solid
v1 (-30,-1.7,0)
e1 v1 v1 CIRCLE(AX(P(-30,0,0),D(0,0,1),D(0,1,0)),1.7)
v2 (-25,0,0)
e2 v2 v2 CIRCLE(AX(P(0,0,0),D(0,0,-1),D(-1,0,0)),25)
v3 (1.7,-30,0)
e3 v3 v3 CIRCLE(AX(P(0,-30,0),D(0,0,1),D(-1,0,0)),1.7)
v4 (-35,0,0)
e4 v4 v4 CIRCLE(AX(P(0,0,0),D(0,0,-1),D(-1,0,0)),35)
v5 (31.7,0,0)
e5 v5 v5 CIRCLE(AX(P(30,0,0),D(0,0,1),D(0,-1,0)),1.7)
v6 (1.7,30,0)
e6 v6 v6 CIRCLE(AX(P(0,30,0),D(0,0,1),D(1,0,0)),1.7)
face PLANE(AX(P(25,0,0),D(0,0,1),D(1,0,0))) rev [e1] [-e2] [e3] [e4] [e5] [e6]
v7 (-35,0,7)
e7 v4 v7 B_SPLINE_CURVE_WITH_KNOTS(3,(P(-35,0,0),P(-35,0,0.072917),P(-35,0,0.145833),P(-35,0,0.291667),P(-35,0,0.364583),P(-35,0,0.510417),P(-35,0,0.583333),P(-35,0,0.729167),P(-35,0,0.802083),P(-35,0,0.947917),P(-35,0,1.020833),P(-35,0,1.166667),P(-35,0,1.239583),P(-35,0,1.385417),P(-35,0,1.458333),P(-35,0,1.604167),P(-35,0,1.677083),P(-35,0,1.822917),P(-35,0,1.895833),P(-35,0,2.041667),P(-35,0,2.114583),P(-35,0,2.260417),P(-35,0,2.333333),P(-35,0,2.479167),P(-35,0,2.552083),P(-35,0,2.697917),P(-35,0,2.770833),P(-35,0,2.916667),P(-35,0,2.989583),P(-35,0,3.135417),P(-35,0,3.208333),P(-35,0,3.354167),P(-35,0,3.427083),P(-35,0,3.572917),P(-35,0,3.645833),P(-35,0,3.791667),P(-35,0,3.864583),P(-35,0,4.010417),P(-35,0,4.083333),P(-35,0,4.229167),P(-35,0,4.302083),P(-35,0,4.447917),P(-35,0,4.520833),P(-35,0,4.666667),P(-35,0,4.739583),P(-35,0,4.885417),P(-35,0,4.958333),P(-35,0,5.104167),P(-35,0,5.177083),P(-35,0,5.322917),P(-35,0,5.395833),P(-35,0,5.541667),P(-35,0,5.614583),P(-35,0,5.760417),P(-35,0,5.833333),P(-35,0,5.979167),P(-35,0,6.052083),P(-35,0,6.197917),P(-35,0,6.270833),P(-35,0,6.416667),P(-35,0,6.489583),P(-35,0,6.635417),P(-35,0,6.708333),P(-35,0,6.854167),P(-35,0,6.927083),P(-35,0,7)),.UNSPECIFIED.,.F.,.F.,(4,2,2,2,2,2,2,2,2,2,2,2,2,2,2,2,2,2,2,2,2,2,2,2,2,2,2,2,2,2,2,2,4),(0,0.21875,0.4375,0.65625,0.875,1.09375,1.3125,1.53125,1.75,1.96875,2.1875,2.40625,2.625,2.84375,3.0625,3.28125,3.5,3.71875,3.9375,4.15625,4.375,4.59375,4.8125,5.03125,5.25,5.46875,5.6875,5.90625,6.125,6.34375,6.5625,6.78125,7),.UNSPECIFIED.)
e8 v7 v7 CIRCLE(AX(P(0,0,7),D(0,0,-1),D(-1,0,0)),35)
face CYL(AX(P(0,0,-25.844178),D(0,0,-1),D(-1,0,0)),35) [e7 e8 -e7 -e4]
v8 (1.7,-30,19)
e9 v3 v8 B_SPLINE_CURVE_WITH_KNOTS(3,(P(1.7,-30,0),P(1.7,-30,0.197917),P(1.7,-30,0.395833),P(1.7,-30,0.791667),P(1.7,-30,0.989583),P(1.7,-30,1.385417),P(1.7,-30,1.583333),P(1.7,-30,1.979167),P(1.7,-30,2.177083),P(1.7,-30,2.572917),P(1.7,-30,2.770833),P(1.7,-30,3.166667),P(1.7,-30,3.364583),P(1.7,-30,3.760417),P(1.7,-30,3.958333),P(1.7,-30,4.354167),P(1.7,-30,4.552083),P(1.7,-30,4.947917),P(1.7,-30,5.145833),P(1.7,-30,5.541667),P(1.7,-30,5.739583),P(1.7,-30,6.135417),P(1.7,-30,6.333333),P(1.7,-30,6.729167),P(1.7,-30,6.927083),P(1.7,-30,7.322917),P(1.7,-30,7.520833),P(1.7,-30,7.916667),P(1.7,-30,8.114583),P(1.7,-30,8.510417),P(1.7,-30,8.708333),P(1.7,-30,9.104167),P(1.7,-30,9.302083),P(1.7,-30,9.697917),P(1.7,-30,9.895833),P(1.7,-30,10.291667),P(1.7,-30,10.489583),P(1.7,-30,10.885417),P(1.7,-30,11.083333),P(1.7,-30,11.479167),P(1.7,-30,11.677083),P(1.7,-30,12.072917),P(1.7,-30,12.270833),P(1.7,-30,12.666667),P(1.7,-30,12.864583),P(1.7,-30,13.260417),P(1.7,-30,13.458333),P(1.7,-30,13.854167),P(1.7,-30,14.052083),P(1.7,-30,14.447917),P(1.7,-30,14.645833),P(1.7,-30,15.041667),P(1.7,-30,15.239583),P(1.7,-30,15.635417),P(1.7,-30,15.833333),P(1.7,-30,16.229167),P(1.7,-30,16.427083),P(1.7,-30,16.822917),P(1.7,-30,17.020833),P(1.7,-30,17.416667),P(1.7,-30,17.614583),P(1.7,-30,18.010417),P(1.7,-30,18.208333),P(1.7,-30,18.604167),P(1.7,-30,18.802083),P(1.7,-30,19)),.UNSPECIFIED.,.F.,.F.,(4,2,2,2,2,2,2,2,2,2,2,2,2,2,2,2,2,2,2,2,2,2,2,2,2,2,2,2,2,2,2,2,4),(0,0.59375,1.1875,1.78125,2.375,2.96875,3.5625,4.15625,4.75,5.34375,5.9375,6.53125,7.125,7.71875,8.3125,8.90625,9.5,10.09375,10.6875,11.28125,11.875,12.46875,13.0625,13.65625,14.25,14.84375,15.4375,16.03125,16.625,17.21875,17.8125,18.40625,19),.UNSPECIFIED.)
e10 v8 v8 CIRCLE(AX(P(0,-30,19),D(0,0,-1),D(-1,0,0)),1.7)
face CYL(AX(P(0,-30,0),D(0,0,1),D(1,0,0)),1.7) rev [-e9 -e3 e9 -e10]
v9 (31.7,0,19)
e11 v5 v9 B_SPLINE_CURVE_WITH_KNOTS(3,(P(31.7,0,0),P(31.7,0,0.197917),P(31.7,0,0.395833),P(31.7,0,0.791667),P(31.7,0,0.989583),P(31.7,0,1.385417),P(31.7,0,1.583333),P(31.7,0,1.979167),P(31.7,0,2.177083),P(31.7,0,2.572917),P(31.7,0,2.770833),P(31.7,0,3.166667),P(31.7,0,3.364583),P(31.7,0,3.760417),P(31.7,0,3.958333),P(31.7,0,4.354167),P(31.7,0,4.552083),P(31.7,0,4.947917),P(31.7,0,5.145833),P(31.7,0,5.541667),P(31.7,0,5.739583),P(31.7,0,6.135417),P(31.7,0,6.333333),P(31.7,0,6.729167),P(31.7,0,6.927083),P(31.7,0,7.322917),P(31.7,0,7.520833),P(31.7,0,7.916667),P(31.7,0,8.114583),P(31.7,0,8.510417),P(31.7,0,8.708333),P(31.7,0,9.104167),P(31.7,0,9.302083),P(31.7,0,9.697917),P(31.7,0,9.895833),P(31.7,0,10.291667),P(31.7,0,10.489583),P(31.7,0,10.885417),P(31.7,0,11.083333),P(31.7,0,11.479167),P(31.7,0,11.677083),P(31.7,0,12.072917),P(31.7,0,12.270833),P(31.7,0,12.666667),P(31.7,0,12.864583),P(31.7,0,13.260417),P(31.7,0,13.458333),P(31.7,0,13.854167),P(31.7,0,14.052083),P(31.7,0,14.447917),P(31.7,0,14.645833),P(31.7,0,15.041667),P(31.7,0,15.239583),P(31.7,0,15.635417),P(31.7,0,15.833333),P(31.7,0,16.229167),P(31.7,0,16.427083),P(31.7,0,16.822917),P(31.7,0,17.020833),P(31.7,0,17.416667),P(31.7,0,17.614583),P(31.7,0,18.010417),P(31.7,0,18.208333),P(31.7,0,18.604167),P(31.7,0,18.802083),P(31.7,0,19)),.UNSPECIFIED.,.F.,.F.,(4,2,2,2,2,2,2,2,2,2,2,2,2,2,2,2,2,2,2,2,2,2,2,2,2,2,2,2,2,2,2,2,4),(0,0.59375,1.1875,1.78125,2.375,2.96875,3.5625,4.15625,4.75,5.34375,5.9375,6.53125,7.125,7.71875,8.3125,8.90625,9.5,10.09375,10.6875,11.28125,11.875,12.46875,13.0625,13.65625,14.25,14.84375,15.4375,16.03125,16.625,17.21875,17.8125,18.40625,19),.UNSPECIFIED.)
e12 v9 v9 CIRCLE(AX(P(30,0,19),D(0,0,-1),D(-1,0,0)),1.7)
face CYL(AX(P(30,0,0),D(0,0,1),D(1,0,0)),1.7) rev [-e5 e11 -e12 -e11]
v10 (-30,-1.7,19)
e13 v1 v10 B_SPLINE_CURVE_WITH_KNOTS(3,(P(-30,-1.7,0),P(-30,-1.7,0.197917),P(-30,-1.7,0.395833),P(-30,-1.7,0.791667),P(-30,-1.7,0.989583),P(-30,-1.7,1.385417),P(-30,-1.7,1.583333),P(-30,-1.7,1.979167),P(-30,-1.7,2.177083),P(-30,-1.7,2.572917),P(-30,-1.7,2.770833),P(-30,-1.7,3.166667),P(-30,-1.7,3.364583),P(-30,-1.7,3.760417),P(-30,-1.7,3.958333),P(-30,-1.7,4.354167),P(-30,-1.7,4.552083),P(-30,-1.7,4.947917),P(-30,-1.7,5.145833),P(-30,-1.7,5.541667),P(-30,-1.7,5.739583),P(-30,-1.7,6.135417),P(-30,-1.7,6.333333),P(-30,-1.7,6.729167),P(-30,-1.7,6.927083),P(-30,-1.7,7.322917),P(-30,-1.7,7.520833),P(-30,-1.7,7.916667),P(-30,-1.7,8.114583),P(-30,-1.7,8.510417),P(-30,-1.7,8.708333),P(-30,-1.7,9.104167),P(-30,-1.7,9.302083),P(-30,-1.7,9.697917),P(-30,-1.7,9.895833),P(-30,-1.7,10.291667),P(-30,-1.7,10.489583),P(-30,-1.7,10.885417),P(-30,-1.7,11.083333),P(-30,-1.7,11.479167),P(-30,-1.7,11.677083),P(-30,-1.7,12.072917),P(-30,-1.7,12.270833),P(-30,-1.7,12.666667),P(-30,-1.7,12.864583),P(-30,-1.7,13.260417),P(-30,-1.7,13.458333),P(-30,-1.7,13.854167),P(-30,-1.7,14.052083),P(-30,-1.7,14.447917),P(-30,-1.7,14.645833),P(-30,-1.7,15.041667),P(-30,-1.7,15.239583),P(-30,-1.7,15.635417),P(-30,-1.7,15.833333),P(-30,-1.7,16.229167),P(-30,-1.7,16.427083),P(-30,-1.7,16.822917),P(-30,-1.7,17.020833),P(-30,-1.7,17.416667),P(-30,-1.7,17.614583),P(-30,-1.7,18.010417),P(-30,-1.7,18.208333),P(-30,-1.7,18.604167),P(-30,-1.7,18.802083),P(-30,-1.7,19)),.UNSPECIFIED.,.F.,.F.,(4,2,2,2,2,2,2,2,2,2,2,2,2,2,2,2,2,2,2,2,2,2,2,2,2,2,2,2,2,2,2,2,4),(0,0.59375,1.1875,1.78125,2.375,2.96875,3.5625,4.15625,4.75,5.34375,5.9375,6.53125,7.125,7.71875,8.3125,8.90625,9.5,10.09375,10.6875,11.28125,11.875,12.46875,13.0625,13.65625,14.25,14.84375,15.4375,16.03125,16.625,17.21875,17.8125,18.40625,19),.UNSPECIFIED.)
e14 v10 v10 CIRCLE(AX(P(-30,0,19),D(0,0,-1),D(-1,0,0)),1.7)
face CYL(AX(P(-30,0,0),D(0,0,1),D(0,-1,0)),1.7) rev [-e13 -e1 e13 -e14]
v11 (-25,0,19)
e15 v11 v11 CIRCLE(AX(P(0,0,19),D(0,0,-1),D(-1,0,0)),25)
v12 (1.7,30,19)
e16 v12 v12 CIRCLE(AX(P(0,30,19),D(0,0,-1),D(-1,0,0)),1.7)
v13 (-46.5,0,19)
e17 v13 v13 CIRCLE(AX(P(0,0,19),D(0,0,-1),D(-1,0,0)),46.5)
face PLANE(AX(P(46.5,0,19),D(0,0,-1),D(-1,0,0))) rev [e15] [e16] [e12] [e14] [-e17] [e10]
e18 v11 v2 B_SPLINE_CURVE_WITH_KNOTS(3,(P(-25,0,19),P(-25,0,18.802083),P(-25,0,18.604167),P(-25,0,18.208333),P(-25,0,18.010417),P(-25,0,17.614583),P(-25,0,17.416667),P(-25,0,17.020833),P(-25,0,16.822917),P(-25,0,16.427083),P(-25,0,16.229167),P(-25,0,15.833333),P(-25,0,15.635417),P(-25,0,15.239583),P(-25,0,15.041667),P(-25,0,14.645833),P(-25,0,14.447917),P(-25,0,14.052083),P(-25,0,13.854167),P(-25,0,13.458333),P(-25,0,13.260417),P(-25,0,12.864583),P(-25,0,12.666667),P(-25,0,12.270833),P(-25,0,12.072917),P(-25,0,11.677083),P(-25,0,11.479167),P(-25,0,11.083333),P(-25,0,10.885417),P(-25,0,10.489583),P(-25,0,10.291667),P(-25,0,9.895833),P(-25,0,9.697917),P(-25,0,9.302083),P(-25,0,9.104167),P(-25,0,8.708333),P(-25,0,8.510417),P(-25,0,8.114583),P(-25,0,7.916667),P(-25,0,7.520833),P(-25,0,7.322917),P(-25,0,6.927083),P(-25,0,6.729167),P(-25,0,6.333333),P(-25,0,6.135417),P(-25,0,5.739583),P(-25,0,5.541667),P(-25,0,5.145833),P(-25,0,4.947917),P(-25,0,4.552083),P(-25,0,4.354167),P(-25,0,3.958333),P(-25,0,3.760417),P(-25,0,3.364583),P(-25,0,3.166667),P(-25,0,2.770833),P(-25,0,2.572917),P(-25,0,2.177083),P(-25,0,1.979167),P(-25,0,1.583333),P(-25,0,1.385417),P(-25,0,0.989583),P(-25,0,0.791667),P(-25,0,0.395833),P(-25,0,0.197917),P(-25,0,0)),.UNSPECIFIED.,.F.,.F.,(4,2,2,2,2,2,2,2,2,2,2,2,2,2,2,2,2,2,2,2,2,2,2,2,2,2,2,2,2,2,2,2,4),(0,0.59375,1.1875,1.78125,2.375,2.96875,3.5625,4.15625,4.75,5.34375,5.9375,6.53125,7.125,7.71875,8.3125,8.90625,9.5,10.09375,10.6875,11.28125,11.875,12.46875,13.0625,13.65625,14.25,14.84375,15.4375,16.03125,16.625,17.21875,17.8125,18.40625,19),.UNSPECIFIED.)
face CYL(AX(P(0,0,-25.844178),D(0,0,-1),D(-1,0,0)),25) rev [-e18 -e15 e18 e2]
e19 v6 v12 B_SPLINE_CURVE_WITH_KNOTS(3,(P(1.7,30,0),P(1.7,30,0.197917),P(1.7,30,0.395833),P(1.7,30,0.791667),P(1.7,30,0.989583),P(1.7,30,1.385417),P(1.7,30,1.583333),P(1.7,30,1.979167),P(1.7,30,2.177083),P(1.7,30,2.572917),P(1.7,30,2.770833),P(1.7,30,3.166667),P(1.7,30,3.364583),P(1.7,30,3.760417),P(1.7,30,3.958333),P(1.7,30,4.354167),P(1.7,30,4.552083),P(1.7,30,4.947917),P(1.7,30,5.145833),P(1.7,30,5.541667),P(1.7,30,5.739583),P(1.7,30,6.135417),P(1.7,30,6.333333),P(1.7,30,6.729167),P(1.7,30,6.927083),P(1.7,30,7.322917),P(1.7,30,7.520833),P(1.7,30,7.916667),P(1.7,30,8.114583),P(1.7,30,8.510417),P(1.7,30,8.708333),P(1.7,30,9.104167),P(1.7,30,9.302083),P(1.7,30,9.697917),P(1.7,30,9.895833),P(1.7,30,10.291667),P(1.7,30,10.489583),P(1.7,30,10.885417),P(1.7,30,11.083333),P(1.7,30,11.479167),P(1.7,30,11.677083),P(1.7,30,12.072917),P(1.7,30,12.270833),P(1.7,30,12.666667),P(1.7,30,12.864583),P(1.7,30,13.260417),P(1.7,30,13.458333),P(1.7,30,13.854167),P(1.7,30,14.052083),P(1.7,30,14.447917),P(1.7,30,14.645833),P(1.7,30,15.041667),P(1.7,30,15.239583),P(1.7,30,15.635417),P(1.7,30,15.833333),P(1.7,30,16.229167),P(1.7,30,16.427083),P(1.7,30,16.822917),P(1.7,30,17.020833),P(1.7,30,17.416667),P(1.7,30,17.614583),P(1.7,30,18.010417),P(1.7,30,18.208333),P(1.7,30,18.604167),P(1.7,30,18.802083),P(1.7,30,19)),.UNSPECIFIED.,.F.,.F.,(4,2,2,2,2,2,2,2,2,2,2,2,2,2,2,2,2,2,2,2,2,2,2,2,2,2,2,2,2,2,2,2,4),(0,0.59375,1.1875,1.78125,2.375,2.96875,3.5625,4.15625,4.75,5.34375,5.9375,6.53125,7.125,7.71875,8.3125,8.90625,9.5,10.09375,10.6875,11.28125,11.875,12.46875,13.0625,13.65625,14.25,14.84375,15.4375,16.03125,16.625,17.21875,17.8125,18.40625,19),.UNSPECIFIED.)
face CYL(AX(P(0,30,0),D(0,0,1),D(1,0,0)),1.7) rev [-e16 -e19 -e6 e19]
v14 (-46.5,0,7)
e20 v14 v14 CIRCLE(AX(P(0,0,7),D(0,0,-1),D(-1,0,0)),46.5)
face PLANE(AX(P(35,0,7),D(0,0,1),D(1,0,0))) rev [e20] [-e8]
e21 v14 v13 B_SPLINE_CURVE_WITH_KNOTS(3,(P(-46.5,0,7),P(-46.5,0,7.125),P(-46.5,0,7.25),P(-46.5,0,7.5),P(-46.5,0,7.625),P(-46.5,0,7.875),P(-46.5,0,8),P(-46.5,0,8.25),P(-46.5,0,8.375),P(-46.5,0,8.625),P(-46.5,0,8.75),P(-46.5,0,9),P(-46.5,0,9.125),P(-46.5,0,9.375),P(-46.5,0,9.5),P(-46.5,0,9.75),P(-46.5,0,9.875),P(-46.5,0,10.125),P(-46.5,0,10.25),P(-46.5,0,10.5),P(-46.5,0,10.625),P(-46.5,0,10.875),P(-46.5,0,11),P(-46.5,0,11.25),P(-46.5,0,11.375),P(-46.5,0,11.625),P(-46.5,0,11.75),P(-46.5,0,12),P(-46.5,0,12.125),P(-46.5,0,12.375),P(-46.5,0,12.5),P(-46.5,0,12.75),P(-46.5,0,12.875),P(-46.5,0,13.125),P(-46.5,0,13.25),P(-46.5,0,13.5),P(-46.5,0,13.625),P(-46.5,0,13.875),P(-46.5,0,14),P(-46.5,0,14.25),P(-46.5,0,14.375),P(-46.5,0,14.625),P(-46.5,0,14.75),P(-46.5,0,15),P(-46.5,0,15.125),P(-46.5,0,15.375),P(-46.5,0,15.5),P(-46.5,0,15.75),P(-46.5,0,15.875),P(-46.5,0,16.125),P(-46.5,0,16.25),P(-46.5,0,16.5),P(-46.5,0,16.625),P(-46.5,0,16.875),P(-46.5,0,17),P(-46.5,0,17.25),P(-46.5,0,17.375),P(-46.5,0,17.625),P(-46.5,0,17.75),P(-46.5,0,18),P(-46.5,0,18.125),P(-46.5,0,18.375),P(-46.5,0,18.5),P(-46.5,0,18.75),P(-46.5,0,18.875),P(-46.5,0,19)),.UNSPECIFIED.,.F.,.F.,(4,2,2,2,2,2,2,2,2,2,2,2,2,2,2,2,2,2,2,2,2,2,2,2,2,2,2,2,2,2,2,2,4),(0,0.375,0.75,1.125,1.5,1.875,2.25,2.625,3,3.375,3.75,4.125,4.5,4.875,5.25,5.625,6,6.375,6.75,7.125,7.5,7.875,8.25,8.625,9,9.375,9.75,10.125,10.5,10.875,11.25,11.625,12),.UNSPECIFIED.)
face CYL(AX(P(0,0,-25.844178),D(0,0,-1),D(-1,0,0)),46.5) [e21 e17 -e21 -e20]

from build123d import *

# Parameters (mm, degrees)
SKETCH1_R          = 1.7
CUT_EXTRUDE1_DEPTH = 69.450712195
CIRPATTERN1_COUNT  = 4


with BuildPart() as part:
    # Croquis2 → Revolución1 (revolve)
    with BuildSketch(Plane(origin=(0, 0, 0), x_dir=(1, 0, 0), z_dir=(0, 1, 0)), mode=Mode.PRIVATE) as revoluci_n1_sk:
        Polygon((25, -19), (25, 0), (35, 0), (35, -7), (46.5, -7), (46.5, -19), align=None)
    revolve(revoluci_n1_sk.sketch.rotate(Axis((0, 0, -25.844178122), (0, 0, 1)), 180), axis=Axis((0, 0, -25.844178122), (0, 0, 1)))

    # Sketch1 → Cut-Extrude1 (cut, symmetric)
    with BuildSketch(Plane.XY.offset(19)):
        with Locations((0, 30)):
            Circle(SKETCH1_R)
    cut_extrude1 = extrude(amount=CUT_EXTRUDE1_DEPTH, both=True, mode=Mode.SUBTRACT)

    # CirPattern1: Cut-Extrude1 ×4 about axis
    cirpattern1_axis = Axis((0, 0, 0), (0, 0, 1))
    for i in range(1, CIRPATTERN1_COUNT):
        add(cut_extrude1.rotate(cirpattern1_axis, i * 360 / CIRPATTERN1_COUNT), mode=Mode.SUBTRACT)


solid = part.part
